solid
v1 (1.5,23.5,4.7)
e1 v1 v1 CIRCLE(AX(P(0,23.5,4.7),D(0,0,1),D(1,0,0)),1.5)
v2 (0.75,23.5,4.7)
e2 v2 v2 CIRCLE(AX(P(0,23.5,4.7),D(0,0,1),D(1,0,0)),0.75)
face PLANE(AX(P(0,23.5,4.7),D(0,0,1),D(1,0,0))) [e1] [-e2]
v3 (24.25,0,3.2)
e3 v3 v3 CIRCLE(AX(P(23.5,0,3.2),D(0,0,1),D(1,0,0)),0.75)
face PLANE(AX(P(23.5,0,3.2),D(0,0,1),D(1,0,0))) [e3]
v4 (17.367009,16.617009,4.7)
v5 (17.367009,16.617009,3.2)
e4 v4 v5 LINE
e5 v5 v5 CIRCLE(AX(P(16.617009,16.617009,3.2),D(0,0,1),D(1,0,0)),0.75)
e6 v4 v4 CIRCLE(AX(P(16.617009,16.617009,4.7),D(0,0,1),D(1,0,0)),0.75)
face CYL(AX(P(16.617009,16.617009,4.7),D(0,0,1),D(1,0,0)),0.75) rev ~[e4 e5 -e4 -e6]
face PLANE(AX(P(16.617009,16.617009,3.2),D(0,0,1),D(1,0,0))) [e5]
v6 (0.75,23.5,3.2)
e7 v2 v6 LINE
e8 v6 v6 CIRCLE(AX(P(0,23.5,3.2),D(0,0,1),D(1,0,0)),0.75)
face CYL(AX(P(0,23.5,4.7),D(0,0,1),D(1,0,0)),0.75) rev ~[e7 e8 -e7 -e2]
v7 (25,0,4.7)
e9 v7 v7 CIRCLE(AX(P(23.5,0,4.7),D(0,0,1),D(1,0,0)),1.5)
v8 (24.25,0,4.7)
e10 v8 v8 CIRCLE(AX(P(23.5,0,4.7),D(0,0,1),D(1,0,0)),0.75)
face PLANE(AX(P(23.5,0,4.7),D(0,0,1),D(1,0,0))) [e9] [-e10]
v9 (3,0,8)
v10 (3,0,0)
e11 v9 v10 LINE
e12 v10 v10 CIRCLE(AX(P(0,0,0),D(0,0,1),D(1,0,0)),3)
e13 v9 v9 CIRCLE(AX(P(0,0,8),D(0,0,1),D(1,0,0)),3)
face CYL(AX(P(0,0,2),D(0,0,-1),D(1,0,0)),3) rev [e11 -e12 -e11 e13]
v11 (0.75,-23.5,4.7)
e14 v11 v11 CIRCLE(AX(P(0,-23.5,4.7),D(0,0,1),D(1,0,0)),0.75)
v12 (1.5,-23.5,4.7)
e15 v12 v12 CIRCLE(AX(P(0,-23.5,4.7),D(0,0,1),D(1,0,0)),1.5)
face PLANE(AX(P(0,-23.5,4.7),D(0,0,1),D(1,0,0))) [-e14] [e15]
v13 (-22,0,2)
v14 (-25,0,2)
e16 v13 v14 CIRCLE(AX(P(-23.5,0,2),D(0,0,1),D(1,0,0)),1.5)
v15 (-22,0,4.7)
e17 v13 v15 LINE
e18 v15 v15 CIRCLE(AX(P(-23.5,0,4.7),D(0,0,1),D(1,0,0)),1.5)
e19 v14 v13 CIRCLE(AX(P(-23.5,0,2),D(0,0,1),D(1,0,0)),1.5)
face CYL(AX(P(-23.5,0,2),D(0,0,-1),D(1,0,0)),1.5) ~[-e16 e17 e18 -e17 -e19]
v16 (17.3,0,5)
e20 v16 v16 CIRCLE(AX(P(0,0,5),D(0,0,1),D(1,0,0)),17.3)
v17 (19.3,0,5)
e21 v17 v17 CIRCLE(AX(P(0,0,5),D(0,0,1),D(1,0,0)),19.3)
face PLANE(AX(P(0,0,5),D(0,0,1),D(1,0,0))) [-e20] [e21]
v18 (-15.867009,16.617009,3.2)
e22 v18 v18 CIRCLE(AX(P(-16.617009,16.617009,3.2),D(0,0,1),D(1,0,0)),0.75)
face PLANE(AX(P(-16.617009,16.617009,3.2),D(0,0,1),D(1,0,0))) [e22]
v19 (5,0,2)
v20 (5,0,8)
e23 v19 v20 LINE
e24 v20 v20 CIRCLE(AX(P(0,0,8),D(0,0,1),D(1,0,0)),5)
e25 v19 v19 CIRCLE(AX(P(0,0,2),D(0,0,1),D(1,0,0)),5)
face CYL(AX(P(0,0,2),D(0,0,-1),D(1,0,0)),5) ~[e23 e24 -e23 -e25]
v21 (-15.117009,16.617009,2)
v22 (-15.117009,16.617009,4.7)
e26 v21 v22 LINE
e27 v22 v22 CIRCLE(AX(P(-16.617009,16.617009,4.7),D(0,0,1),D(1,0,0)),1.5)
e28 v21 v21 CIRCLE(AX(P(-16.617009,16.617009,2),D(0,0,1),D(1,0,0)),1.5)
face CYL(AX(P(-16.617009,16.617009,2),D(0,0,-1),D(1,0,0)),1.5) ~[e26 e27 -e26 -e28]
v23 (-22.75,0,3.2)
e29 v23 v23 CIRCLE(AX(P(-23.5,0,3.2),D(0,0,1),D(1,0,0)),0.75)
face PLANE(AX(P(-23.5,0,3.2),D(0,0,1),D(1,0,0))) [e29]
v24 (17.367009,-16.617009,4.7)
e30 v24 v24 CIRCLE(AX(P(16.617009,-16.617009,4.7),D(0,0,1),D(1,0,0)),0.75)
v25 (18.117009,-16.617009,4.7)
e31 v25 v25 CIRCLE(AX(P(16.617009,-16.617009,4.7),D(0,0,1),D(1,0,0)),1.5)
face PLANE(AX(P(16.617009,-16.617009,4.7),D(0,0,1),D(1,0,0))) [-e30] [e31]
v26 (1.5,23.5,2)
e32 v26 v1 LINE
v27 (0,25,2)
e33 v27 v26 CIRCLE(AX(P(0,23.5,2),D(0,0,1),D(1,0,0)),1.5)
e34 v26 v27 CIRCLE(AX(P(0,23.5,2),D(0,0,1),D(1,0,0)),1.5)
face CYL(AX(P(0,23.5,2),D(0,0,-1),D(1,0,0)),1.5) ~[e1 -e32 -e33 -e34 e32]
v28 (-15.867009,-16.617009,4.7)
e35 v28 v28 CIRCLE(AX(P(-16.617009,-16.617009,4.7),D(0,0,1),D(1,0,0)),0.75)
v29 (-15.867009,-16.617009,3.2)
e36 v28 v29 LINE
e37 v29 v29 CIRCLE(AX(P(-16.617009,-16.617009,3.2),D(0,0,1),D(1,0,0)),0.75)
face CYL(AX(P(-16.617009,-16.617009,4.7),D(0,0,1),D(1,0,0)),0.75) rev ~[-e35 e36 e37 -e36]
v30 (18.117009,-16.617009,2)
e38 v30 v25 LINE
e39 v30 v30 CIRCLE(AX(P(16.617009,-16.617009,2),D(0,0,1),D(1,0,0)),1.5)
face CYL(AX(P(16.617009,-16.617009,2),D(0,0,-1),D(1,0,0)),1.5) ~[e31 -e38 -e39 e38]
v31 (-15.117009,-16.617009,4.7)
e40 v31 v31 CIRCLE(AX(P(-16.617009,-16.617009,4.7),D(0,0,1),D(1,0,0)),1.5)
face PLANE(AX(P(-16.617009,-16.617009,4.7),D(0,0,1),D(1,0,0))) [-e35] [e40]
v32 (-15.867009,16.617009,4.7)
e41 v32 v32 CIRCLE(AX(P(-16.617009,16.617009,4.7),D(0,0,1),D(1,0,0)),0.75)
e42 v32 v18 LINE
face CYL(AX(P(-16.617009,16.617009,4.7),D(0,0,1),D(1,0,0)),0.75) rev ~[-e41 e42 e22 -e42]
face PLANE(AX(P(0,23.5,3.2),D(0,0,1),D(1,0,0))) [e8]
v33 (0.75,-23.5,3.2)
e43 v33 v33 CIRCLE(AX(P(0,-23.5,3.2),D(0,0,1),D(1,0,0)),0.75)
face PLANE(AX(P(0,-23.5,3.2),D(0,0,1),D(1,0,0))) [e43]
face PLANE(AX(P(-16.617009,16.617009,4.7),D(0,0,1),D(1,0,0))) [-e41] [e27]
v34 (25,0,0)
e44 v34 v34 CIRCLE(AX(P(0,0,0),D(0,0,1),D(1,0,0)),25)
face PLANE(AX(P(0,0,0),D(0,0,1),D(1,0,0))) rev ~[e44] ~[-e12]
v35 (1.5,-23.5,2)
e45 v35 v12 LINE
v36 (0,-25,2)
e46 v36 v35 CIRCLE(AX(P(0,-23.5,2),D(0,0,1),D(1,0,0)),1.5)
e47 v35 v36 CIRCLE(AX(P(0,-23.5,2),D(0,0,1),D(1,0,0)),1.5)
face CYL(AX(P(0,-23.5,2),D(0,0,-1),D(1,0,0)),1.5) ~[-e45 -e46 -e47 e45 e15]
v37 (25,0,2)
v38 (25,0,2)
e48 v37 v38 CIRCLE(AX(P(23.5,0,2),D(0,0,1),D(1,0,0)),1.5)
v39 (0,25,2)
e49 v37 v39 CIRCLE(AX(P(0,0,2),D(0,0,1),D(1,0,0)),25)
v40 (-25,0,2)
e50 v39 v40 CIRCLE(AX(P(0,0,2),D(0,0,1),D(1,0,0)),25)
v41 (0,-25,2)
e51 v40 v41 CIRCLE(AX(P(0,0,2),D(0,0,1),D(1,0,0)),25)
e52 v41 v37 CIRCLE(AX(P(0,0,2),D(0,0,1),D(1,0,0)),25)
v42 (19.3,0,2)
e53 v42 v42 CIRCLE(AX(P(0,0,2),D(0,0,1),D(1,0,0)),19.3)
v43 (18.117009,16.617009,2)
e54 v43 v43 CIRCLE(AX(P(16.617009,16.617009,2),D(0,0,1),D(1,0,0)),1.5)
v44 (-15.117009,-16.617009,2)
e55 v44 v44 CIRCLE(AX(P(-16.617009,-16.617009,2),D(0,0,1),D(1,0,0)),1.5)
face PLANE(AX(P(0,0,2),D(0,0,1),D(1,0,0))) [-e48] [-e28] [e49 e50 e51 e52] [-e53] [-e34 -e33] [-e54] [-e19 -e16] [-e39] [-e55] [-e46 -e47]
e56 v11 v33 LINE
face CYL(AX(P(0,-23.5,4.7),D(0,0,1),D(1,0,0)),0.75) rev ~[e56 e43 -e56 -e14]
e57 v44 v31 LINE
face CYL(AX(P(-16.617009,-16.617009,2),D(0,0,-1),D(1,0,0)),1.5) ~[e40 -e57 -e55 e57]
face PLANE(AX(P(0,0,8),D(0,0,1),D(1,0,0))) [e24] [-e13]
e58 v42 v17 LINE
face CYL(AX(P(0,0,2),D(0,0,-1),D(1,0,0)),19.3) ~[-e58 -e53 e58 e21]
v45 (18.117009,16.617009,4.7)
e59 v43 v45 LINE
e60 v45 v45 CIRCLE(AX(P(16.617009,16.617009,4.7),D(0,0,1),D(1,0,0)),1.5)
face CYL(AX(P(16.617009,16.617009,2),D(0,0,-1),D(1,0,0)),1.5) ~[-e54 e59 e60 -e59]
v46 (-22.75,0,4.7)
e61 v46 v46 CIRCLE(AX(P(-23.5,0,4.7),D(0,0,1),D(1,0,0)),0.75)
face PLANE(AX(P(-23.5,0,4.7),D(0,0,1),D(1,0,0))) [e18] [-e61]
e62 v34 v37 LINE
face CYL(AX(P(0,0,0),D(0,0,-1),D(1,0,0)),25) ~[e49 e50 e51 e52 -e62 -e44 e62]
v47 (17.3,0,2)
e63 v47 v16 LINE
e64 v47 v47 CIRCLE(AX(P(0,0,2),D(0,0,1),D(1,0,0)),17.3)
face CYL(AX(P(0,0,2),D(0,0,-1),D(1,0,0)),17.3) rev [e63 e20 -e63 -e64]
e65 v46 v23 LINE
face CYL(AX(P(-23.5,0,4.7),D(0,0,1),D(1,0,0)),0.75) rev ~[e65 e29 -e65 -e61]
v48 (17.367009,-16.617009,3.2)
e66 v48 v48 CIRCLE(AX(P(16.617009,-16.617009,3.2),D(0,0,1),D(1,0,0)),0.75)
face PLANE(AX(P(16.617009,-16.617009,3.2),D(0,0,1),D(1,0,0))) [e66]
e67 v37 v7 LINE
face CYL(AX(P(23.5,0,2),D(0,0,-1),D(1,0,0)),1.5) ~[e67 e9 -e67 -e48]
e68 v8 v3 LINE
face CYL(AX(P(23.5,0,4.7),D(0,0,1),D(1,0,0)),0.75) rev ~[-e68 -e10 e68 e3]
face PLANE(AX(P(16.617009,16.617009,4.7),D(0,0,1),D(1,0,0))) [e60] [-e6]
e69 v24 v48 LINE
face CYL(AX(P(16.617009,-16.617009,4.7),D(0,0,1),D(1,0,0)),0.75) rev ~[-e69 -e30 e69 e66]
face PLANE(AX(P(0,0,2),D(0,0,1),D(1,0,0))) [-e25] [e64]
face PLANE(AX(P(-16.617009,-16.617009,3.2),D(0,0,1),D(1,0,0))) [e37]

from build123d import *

# Parameters (mm, degrees)
F0_R     = 25
F0_R_2   = 3
F1_DEPTH = 2
F2_R     = 19.3
F2_R_2   = 17.3
F3_DEPTH = 3
F4_R     = 1.5
F5_DEPTH = 2.7
F6_R     = 5
F6_R_2   = 3
F7_DEPTH = 6
F8_R     = 0.75
F9_DEPTH = 1.5


with BuildPart() as f1:
    # F0 (on Top) → F1 (new body)
    with BuildSketch(Plane.XY):
        Circle(F0_R)
        Circle(F0_R_2, mode=Mode.SUBTRACT)
    extrude(amount=F1_DEPTH)

    # F2 (on face) → F3 (join)
    with BuildSketch(Plane.XY.offset(2)):
        Circle(F2_R)
        Circle(F2_R_2, mode=Mode.SUBTRACT)
    extrude(amount=F3_DEPTH)

    # F4 (on face) → F5 (join)
    with BuildSketch(Plane.XY.offset(2)):
        with Locations((0, 23.5)):
            Circle(F4_R)
        with Locations((-16.617009, 16.617009)):
            Circle(F4_R)
        with Locations((-23.5, 0)):
            Circle(F4_R)
        with Locations((-16.617009, -16.617009)):
            Circle(F4_R)
        with Locations((0, -23.5)):
            Circle(F4_R)
        with Locations((16.617009, -16.617009)):
            Circle(F4_R)
        with Locations((23.5, 0)):
            Circle(F4_R)
        with Locations((16.617009, 16.617009)):
            Circle(F4_R)
    extrude(amount=F5_DEPTH)

    # F6 (on face) → F7 (join)
    with BuildSketch(Plane.XY.offset(2)):
        Circle(F6_R)
        Circle(F6_R_2, mode=Mode.SUBTRACT)
    extrude(amount=F7_DEPTH)

    # F8 (on face) → F9 (cut)
    with BuildSketch(Plane.XY.offset(4.7)):
        with Locations((23.5, 0)):
            Circle(F8_R)
        with Locations((16.617009, 16.617009)):
            Circle(F8_R)
        with Locations((0, 23.5)):
            Circle(F8_R)
        with Locations((-16.617009, 16.617009)):
            Circle(F8_R)
        with Locations((-23.5, 0)):
            Circle(F8_R)
        with Locations((-16.617009, -16.617009)):
            Circle(F8_R)
        with Locations((0, -23.5)):
            Circle(F8_R)
        with Locations((16.617009, -16.617009)):
            Circle(F8_R)
    extrude(amount=-F9_DEPTH, mode=Mode.SUBTRACT)


solid = f1.part
